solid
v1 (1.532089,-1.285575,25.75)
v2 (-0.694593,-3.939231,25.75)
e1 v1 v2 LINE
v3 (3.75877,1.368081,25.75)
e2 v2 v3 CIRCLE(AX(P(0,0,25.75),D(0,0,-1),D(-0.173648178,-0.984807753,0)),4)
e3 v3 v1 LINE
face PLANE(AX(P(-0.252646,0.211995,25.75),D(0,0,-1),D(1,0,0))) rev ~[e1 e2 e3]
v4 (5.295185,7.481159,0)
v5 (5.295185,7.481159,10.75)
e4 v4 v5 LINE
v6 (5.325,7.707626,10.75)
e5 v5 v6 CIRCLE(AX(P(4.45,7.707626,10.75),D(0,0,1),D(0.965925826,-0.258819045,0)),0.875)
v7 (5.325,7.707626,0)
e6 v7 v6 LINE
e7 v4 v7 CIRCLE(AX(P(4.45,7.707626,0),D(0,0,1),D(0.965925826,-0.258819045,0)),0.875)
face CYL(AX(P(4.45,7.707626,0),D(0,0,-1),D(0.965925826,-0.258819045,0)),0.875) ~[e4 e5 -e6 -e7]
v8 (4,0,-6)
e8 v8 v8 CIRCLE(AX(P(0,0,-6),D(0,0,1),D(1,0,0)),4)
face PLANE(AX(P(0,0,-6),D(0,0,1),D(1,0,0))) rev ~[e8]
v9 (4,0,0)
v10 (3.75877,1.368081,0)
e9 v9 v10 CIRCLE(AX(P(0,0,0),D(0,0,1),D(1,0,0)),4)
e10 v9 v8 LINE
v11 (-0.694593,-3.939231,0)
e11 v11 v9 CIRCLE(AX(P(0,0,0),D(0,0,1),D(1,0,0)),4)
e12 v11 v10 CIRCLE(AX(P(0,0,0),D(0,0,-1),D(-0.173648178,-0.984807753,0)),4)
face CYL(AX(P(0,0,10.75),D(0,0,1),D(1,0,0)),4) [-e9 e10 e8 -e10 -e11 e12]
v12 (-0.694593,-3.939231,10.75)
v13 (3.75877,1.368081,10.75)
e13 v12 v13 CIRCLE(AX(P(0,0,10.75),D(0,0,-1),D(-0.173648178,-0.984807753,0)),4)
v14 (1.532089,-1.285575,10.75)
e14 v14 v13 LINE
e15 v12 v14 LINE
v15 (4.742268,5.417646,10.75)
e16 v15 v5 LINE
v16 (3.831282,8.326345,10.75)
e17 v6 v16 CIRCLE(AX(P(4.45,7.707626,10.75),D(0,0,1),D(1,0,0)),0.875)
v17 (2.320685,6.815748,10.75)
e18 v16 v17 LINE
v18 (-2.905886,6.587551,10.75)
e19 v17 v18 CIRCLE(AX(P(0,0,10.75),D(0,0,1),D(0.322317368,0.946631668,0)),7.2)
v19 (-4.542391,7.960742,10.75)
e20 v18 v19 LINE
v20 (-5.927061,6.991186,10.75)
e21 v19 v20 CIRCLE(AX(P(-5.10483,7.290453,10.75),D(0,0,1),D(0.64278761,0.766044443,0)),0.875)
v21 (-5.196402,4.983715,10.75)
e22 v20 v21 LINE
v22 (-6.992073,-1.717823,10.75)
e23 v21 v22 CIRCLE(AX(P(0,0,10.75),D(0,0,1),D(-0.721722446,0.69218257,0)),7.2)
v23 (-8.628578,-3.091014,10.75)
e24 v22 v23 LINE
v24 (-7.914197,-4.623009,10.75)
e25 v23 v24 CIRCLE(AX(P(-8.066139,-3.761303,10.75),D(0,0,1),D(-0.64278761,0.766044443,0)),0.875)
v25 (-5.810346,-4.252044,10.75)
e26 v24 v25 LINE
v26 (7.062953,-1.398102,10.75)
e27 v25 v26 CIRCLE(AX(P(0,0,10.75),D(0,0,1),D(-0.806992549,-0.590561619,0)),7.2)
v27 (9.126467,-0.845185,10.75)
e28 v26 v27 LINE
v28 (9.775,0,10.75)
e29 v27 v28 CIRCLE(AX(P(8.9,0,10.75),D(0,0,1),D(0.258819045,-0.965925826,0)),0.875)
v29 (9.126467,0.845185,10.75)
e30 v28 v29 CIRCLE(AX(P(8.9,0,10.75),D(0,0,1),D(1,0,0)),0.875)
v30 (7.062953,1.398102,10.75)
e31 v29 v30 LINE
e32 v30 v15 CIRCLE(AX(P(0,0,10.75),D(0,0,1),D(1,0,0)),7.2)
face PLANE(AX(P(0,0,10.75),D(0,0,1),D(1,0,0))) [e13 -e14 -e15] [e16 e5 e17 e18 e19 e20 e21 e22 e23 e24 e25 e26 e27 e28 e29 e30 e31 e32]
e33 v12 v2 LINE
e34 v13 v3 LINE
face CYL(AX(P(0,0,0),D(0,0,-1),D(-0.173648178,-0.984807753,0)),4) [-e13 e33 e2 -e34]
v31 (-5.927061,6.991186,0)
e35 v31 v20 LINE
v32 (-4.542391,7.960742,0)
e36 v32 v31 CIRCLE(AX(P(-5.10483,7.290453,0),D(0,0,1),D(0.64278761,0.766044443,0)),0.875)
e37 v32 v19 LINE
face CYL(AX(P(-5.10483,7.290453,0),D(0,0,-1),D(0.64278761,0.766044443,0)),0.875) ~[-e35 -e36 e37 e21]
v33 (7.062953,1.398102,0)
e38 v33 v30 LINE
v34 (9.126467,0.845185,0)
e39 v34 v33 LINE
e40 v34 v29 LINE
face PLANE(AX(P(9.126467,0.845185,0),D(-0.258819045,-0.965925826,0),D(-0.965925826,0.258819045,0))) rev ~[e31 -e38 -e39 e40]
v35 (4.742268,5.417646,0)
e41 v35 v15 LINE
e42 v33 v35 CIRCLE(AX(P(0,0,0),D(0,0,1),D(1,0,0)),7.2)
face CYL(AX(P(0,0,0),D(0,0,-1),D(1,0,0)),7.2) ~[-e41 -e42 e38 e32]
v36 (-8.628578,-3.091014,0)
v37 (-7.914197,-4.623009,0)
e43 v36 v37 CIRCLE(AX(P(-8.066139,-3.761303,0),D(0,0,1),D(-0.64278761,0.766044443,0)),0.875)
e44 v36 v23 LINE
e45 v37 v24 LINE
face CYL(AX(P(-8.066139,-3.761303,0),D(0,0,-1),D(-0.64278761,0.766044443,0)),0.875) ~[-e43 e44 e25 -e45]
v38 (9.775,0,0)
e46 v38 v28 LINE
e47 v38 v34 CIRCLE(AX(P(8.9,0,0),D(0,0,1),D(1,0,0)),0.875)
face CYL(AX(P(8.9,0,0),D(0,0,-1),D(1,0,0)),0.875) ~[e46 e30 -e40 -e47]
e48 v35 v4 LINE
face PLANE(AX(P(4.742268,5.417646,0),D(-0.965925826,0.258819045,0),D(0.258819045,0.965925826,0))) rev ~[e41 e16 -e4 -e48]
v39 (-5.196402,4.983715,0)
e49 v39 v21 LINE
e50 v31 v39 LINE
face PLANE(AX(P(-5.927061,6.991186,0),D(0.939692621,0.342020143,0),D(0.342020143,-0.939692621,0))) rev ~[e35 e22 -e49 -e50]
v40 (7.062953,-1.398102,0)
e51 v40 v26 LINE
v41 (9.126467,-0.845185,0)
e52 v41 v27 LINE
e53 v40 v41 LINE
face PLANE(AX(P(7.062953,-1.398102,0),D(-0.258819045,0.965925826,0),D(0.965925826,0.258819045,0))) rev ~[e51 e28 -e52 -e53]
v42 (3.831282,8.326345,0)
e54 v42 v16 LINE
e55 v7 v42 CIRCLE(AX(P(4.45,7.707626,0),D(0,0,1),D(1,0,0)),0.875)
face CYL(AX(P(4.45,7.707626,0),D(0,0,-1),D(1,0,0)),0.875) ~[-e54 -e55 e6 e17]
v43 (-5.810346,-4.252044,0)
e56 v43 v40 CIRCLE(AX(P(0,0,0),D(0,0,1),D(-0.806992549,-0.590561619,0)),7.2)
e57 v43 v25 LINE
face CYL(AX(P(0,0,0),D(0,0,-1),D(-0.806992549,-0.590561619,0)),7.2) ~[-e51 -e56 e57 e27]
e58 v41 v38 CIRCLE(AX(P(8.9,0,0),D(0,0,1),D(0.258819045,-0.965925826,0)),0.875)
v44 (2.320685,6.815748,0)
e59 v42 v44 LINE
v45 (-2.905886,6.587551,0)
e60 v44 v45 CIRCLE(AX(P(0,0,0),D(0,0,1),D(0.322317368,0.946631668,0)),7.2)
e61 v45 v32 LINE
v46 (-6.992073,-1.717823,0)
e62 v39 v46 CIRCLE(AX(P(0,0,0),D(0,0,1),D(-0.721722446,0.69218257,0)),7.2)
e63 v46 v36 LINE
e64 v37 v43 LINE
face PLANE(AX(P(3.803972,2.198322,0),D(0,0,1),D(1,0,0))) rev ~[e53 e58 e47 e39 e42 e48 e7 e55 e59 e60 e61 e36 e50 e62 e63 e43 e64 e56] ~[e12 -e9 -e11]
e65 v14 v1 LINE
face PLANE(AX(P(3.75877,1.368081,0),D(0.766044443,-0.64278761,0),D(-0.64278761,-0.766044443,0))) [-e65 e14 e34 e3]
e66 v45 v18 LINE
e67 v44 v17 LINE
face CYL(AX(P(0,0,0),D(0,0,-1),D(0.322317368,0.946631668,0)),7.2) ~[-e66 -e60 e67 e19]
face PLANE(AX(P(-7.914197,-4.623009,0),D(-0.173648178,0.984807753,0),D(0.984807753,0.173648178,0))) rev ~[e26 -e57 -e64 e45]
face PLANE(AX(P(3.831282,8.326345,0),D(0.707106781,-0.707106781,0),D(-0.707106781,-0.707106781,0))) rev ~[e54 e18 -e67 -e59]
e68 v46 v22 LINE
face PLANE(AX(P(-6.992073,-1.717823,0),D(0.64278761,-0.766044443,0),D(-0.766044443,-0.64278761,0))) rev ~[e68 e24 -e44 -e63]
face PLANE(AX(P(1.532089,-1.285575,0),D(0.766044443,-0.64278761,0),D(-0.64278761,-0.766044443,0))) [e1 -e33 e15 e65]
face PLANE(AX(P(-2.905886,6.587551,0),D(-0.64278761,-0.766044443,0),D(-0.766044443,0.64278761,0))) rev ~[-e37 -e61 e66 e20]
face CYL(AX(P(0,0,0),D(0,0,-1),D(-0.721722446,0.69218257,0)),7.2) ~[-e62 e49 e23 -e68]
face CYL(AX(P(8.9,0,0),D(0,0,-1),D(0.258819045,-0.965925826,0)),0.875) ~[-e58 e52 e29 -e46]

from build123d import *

# Parameters (mm, degrees)
F1_DEPTH = 10.75
F2_R     = 4
F3_DEPTH = 16.75
F5_DEPTH = 25.75


with BuildPart() as f1:
    # F0 (on Top) → F1 (new body)
    with BuildSketch(Plane.XY):
        with BuildLine():
            Line((0, 0), (7.2, 0))
            ThreePointArc((7.2, 0), (7.1656564529, 0.7024013095), (7.0629534446, 1.3981017988))
            ThreePointArc((7.0629534446, 1.3981017988), (6.2353829072, 3.6), (4.7422683972, 5.4176462093))
            ThreePointArc((4.7422683972, 5.4176462093), (4.1911256041, 5.8544398682), (3.6, 6.2353829072))
            Line((3.6, 6.2353829072), (0, 0))
        make_face()
        with BuildLine():
            Line((8.025, 0), (7.2, 0))
            ThreePointArc((7.2, 0), (7.1656564529, -0.7024013095), (7.0629534446, -1.3981017988))
            Line((7.0629534446, -1.3981017988), (9.1264666645, -0.845185098))
            ThreePointArc((9.1264666645, -0.845185098), (8.3673337496, -0.6941841728), (8.025, 0))
        make_face()
        with BuildLine():
            ThreePointArc((7.0629534446, -1.3981017988), (7.1656564529, -0.7024013095), (7.2, 0))
            Line((7.2, 0), (0, 0))
            Line((0, 0), (-6.5254160667, -3.0428514845))
            ThreePointArc((-6.5254160667, -3.0428514845), (-6.197442622, -3.6649290508), (-5.8103463543, -4.2520436549))
            ThreePointArc((-5.8103463543, -4.2520436549), (1.5583652204, -7.0293312513), (7.0629534446, -1.3981017988))
        make_face()
        with BuildLine():
            ThreePointArc((7.0629534446, 1.3981017988), (7.1656564529, 0.7024013095), (7.2, 0))
            Line((7.2, 0), (8.025, 0))
            ThreePointArc((8.025, 0), (8.3673337496, 0.6941841728), (9.1264666645, 0.845185098))
            Line((9.1264666645, 0.845185098), (7.0629534446, 1.3981017988))
        make_face()
        with BuildLine():
            Line((-4.1297503417, 5.8978947189), (0, 0))
            Line((0, 0), (3.6, 6.2353829072))
            ThreePointArc((3.6, 6.2353829072), (2.9745308488, 6.5568411777), (2.3206850474, 6.8157480082))
            ThreePointArc((2.3206850474, 6.8157480082), (-0.314059589, 7.1931471954), (-2.9058857202, 6.5875510003))
            ThreePointArc((-2.9058857202, 6.5875510003), (-3.5346782238, 6.272642972), (-4.1297503417, 5.8978947189))
        make_face()
        with BuildLine():
            Line((-6.5254160667, -3.0428514845), (0, 0))
            Line((0, 0), (-4.1297503417, 5.8978947189))
            ThreePointArc((-4.1297503417, 5.8978947189), (-4.6854251609, 5.466881292), (-5.1964016135, 4.9837145054))
            ThreePointArc((-5.1964016135, 4.9837145054), (-6.9546659493, 1.8634971247), (-6.9920730582, -1.7178225601))
            ThreePointArc((-6.9920730582, -1.7178225601), (-6.7911378629, -2.3917454979), (-6.5254160667, -3.0428514845))
        make_face()
        with BuildLine():
            ThreePointArc((9.1264666645, 0.845185098), (8.3673337496, 0.6941841728), (8.025, 0))
            Line((8.025, 0), (8.9, 0))
            Line((8.9, 0), (9.1264666645, 0.845185098))
        make_face()
        with BuildLine():
            Line((8.9, 0), (8.025, 0))
            ThreePointArc((8.025, 0), (8.3673337496, -0.6941841728), (9.1264666645, -0.845185098))
            Line((9.1264666645, -0.845185098), (8.9, 0))
        make_face()
        with BuildLine():
            ThreePointArc((3.6, 6.2353829072), (4.1911256041, 5.8544398682), (4.7422683972, 5.4176462093))
            Line((4.7422683972, 5.4176462093), (5.295185098, 7.4811594292))
            ThreePointArc((5.295185098, 7.4811594292), (4.7848480033, 6.8992315027), (4.0125, 6.9498538654))
            Line((4.0125, 6.9498538654), (3.6, 6.2353829072))
        make_face()
        with BuildLine():
            ThreePointArc((9.775, 0), (9.5941841728, 0.5326662504), (9.1264666645, 0.845185098))
            Line((9.1264666645, 0.845185098), (8.9, 0))
            Line((8.9, 0), (9.1264666645, -0.845185098))
            ThreePointArc((9.1264666645, -0.845185098), (9.5941841728, -0.5326662504), (9.775, 0))
        make_face()
        with BuildLine():
            Line((-7.9141971492, -4.6230093134), (-5.8103463543, -4.2520436549))
            ThreePointArc((-5.8103463543, -4.2520436549), (-6.197442622, -3.6649290508), (-6.5254160667, -3.0428514845))
            Line((-6.5254160667, -3.0428514845), (-7.273119991, -3.3915115505))
            ThreePointArc((-7.273119991, -3.3915115505), (-7.2118802984, -3.5719178673), (-7.1911393046, -3.7613025295))
            ThreePointArc((-7.1911393046, -3.7613025295), (-7.3958504169, -4.323741688), (-7.9141971492, -4.6230093134))
        make_face()
        with BuildLine():
            Line((-7.273119991, -3.3915115505), (-6.5254160667, -3.0428514845))
            ThreePointArc((-6.5254160667, -3.0428514845), (-6.7911378629, -2.3917454979), (-6.9920730582, -1.7178225601))
            Line((-6.9920730582, -1.7178225601), (-8.6285784631, -3.0910136418))
            ThreePointArc((-8.6285784631, -3.0910136418), (-7.8767546424, -2.9070435233), (-7.273119991, -3.3915115505))
        make_face()
        with BuildLine():
            ThreePointArc((2.3206850474, 6.8157480082), (2.9745308488, 6.5568411777), (3.6, 6.2353829072))
            Line((3.6, 6.2353829072), (4.0125, 6.9498538654))
            ThreePointArc((4.0125, 6.9498538654), (3.5824857463, 7.5934156755), (3.8312815665, 8.3263445272))
            Line((3.8312815665, 8.3263445272), (2.3206850474, 6.8157480082))
        make_face()
        with BuildLine():
            Line((-4.6029509017, 6.5736951554), (-4.1297503417, 5.8978947189))
            ThreePointArc((-4.1297503417, 5.8978947189), (-3.5346782238, 6.272642972), (-2.9058857202, 6.5875510003))
            Line((-2.9058857202, 6.5875510003), (-4.542391125, 7.9607420819))
            ThreePointArc((-4.542391125, 7.9607420819), (-4.3118109699, 7.6602441732), (-4.2298302835, 7.2904531942))
            ThreePointArc((-4.2298302835, 7.2904531942), (-4.3286958045, 6.8864231576), (-4.6029509017, 6.5736951554))
        make_face()
        with BuildLine():
            ThreePointArc((-5.1964016135, 4.9837145054), (-4.6854251609, 5.466881292), (-4.1297503417, 5.8978947189))
            Line((-4.1297503417, 5.8978947189), (-4.6029509017, 6.5736951554))
            ThreePointArc((-4.6029509017, 6.5736951554), (-5.3679478581, 6.4559508623), (-5.9270613267, 6.9911855688))
            Line((-5.9270613267, 6.9911855688), (-5.1964016135, 4.9837145054))
        make_face()
        with BuildLine():
            Line((4.45, 7.7076260937), (5.295185098, 7.4811594292))
            ThreePointArc((5.295185098, 7.4811594292), (5.3175142537, 7.5934156755), (5.325, 7.7076260937))
            ThreePointArc((5.325, 7.7076260937), (4.7848480033, 8.5160206846), (3.8312815665, 8.3263445272))
            Line((3.8312815665, 8.3263445272), (4.45, 7.7076260937))
        make_face()
        with BuildLine():
            ThreePointArc((4.0125, 6.9498538654), (4.7848480033, 6.8992315027), (5.295185098, 7.4811594292))
            Line((5.295185098, 7.4811594292), (4.45, 7.7076260937))
            Line((4.45, 7.7076260937), (4.0125, 6.9498538654))
        make_face()
        with BuildLine():
            ThreePointArc((-8.6285784631, -3.0910136418), (-8.8591586183, -4.1310935085), (-7.9141971492, -4.6230093134))
            ThreePointArc((-7.9141971492, -4.6230093134), (-7.3958504169, -4.323741688), (-7.1911393046, -3.7613025295))
            ThreePointArc((-7.1911393046, -3.7613025295), (-7.2118802984, -3.5719178673), (-7.273119991, -3.3915115505))
            ThreePointArc((-7.273119991, -3.3915115505), (-7.8767546424, -2.9070435233), (-8.6285784631, -3.0910136418))
        make_face()
        with BuildLine():
            ThreePointArc((3.8312815665, 8.3263445272), (3.5824857463, 7.5934156755), (4.0125, 6.9498538654))
            Line((4.0125, 6.9498538654), (4.45, 7.7076260937))
            Line((4.45, 7.7076260937), (3.8312815665, 8.3263445272))
        make_face()
        with BuildLine():
            ThreePointArc((-5.9270613267, 6.9911855688), (-5.3679478581, 6.4559508623), (-4.6029509017, 6.5736951554))
            ThreePointArc((-4.6029509017, 6.5736951554), (-4.3286958045, 6.8864231576), (-4.2298302835, 7.2904531942))
            ThreePointArc((-4.2298302835, 7.2904531942), (-4.3118109699, 7.6602441732), (-4.542391125, 7.9607420819))
            ThreePointArc((-4.542391125, 7.9607420819), (-5.6067096653, 8.0072112329), (-5.9270613267, 6.9911855688))
        make_face()
    extrude(amount=F1_DEPTH)

    # F2 (on face) → F3 (join)
    with BuildSketch(Plane.XY.offset(10.75)):
        Circle(F2_R)
    extrude(amount=-F3_DEPTH)

    # F4 (on face) → F5 (join)
    with BuildSketch(Plane(origin=(0, 0, 0), x_dir=(1, 0, 0), z_dir=(0, 0, -1))):
        with BuildLine():
            Line((1.5320888862, 1.2855752194), (-0.6945927107, 3.939231012))
            ThreePointArc((-0.6945927107, 3.939231012), (-3.0641777725, -2.5711504387), (3.7587704831, -1.3680805733))
            Line((3.7587704831, -1.3680805733), (1.5320888862, 1.2855752194))
        make_face()
    extrude(amount=-F5_DEPTH)


solid = f1.part
